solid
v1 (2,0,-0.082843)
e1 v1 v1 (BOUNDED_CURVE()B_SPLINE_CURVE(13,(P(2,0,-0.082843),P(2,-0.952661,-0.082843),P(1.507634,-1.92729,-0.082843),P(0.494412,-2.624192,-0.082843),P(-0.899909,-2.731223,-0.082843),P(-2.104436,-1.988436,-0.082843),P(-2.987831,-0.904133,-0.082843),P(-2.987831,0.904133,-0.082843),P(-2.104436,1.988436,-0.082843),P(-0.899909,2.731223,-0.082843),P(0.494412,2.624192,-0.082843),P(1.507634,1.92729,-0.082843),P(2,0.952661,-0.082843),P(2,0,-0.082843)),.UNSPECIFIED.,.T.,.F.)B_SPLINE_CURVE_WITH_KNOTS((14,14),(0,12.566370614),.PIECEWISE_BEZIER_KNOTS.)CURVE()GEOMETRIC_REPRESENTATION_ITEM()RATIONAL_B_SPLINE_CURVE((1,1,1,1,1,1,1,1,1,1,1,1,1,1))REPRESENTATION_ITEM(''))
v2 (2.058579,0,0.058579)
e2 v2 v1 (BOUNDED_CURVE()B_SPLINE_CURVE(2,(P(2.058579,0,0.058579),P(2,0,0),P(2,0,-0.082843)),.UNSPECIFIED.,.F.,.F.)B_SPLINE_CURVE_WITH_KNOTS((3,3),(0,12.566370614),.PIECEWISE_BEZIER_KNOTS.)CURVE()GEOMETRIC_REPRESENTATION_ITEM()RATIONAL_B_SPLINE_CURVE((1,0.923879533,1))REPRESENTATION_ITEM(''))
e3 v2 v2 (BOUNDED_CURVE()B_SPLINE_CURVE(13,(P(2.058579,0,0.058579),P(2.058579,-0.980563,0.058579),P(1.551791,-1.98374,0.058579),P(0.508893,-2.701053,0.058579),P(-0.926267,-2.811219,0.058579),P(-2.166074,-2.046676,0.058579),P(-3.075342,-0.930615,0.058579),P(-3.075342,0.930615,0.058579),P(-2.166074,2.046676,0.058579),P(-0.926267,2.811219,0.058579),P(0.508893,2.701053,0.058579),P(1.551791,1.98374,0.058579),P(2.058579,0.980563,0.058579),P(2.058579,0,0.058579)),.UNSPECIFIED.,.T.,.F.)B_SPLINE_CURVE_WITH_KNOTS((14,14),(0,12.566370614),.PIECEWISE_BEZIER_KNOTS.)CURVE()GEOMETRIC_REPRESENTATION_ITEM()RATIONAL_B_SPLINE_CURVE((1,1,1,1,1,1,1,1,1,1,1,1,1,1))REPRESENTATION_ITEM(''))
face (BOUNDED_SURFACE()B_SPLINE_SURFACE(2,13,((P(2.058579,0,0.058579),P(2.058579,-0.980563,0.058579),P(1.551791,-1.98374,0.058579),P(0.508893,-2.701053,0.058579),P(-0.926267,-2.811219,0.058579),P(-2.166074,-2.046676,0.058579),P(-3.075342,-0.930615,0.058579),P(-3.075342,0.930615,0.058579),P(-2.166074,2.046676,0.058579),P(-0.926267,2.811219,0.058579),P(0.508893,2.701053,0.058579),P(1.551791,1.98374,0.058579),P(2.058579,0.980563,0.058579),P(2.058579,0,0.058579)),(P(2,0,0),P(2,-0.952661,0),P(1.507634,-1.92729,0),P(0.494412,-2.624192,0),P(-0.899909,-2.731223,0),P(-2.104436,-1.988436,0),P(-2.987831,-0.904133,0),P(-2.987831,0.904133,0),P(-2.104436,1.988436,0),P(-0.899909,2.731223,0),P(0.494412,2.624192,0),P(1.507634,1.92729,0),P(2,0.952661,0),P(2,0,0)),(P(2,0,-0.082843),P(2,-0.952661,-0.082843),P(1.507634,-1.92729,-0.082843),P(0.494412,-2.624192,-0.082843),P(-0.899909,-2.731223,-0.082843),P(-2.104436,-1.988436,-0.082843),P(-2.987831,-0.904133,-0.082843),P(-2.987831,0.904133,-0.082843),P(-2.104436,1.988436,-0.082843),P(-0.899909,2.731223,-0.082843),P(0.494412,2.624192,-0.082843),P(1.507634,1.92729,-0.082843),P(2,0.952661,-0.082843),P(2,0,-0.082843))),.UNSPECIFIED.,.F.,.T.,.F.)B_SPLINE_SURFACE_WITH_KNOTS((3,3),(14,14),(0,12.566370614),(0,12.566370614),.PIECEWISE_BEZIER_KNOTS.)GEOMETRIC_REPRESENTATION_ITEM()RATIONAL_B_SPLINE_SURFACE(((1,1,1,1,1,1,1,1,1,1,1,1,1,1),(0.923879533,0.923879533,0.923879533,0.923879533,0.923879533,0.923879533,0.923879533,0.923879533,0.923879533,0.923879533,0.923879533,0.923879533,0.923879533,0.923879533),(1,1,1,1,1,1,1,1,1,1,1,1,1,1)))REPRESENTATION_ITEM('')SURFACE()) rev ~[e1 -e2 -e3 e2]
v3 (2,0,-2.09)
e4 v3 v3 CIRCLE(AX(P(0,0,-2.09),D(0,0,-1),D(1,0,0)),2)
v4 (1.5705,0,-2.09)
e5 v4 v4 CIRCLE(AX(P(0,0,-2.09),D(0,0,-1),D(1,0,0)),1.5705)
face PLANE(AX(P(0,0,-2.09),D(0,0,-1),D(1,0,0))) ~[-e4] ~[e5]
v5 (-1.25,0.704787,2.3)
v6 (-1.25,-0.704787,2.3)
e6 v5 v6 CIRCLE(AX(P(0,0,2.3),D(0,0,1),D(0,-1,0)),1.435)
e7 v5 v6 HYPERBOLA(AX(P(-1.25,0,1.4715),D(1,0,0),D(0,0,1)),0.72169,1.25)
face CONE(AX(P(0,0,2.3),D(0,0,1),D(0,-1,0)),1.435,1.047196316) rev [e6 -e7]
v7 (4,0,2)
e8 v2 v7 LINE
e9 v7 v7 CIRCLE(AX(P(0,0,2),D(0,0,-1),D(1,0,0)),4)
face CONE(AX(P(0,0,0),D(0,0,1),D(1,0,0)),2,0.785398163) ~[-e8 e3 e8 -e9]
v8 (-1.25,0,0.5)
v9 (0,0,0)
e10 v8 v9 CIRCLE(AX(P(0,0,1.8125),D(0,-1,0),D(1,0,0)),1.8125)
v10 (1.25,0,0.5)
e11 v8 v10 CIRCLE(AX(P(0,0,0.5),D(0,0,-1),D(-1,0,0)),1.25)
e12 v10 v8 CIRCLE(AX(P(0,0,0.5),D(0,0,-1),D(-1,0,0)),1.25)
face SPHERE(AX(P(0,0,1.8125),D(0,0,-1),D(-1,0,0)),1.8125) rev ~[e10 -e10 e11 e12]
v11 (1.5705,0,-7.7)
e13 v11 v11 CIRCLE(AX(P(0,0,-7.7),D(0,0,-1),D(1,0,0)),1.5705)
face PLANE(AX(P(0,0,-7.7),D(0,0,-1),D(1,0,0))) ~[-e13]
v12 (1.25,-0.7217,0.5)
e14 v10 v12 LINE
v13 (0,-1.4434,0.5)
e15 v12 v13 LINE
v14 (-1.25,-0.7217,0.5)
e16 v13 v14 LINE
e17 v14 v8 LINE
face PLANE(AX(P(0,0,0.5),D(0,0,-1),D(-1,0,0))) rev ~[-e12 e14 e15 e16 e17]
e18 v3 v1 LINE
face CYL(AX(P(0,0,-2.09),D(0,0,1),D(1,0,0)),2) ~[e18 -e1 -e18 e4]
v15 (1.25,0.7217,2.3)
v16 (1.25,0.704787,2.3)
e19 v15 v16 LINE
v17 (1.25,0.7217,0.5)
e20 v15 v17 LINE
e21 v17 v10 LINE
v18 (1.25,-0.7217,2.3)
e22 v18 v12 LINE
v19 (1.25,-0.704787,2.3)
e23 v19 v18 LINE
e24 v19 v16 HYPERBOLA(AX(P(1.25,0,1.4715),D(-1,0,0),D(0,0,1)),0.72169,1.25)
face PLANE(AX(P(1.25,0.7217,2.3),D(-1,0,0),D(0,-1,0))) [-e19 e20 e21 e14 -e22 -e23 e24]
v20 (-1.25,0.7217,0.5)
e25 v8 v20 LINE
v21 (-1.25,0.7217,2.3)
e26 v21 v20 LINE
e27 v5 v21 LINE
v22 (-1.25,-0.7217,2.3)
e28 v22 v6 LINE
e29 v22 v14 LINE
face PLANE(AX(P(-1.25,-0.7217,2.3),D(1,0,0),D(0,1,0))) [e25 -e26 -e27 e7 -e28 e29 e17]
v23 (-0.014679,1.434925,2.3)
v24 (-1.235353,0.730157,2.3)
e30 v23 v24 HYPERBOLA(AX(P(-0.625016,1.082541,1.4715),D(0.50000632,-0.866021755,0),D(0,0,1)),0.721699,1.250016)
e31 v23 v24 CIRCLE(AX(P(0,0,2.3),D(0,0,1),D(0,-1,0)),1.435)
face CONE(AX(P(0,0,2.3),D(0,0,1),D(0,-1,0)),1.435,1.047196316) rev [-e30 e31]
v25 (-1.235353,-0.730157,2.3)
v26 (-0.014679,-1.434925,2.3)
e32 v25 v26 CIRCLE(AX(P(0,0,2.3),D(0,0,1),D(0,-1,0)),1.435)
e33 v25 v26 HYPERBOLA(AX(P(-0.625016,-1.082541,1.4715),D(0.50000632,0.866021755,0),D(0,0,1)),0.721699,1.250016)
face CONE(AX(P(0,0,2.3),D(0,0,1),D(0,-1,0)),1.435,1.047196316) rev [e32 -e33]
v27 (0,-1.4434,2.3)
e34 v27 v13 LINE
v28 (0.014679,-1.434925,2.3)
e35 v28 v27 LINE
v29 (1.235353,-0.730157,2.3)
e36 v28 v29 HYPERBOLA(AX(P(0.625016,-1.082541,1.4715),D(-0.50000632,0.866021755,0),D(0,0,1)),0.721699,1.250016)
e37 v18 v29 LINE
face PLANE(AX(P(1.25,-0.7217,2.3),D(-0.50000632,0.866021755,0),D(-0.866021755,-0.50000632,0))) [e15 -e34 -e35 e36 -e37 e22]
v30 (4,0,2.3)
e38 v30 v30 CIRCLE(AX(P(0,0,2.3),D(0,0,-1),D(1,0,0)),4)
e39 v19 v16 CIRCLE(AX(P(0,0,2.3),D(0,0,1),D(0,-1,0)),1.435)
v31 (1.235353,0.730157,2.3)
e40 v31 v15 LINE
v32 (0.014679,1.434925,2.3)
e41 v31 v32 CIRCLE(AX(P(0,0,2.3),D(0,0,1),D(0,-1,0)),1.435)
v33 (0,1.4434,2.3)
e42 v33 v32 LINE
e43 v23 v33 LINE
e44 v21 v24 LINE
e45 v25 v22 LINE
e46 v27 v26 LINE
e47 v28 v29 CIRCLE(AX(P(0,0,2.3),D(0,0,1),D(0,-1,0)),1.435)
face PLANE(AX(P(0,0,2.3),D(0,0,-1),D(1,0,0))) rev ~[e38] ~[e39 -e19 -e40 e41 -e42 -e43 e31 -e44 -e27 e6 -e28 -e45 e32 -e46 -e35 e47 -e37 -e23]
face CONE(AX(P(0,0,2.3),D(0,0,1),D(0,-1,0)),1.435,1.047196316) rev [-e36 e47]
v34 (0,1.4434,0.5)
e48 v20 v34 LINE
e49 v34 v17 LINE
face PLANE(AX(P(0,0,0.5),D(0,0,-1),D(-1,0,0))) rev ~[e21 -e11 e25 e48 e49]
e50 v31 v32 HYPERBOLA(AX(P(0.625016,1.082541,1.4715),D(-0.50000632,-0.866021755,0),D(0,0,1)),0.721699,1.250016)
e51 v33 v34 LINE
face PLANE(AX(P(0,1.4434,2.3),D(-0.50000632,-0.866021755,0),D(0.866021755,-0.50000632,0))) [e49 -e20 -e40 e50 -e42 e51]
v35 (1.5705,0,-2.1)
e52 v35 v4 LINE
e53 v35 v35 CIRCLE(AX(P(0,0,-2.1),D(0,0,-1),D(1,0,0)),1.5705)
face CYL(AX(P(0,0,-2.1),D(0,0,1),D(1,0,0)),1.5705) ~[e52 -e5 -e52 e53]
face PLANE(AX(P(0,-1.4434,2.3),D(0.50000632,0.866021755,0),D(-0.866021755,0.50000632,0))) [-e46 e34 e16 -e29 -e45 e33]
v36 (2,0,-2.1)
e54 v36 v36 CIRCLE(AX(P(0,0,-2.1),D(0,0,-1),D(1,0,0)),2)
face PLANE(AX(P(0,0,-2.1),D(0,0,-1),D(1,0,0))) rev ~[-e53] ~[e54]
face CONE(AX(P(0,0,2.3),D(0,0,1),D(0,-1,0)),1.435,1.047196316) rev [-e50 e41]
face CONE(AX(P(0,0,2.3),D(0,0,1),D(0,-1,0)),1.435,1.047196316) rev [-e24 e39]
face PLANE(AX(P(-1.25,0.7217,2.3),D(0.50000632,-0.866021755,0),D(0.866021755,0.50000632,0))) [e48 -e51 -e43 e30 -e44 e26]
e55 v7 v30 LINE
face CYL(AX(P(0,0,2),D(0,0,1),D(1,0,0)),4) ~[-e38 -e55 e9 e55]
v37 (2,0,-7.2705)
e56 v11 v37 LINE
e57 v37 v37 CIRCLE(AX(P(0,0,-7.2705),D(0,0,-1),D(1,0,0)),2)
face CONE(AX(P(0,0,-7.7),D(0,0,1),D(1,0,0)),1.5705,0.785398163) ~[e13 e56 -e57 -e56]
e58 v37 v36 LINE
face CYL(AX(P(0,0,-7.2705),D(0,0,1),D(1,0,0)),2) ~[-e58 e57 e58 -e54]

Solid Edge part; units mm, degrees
sketch "Sketch1" plane through (0, 0, 0) normal (0, -1, 0) x (1, 0, 0)
  line L0 (2, 0) -> (4, 2)
  line L1 (4, 2) -> (4, 2.3)
  line L2 (4, 2.3) -> (0, 2.3)
  line L3 (0, 2.3) -> (0, -7.7)
  line L4 (0, -7.7) -> (1.5705, -7.7)
  line L5 (1.5705, -7.7) -> (2, -7.2705)
  line L6 (2, -7.2705) -> (2, -2.1)
  line L7 (2, -2.1) -> (1.5705, -2.1)
  line L8 (1.5705, -2.1) -> (1.5705, -2.09)
  line L9 (1.5705, -2.09) -> (2, -2.09)
  line L10 (2, -2.09) -> (2, 0)
  dimension "D1" = 10
  dimension "D2" = 4
  dimension "D3" = 2.3
  dimension "D4" = 0.01
  dimension "D5" = 1.5705
  dimension "D6" = 4.4
  dimension "D7" = 0.3
revolve "RevolvedProtrusion1" add sketch "Sketch1" angle 360 about axis through (0, 0, 54) along (0, 0, -1)
sketch "Sketch2" plane through (0, 0, 0) normal (0, -1, 0) x (1, 0, 0)
  arc A0 (-1.25, 0.5) -> (0, 0) centre (0, 1.8125) ccw
  line L0 (0, 0.5) -> (0, 0)
  line L1 (-1.25, 0.5) -> (0, 0.5)
  dimension "D1" = 8.2
revolve "RevolvedCutout1" cut sketch "Sketch2" angle 360 about axis through (0, 0, 54) along (0, 0, -1)
sketch "Sketch3" plane through (0, 0, 2.3) normal (0, 0, 1) x (0, -1, 0)
  line L0 (-1.4434, 0) -> (-0.7217, 1.25)
  line L1 (-0.7217, 1.25) -> (0.7217, 1.25)
  line L2 (0.7217, 1.25) -> (1.4434, 0)
  line L3 (1.4434, 0) -> (0.7217, -1.25)
  line L4 (0.7217, -1.25) -> (-0.7217, -1.25)
  line L5 (-0.7217, -1.25) -> (-1.4434, 0)
  dimension "D1" = 2.5
extrude "Cutout1" cut sketch "Sketch3" against normal blind 1.8
cosmetic_thread "Thread1" size "M4"
sketch "Sketch4" plane through (0, 0, 0) normal (1, 0, 0) x (0, 1, 0)
  line L0 (-1.435, 2.3) -> (0, 1.4715)
revolve "RevolvedCutout2" cut sketch "Sketch4" angle 360 about axis through (0, 0, -57) along (0, 0, 1) material side at (0, -0.6925, 1.9291)
fillet "Round1" radius 0.2 1 edges at (-2, 0, 0)
properties material "Stahl"
